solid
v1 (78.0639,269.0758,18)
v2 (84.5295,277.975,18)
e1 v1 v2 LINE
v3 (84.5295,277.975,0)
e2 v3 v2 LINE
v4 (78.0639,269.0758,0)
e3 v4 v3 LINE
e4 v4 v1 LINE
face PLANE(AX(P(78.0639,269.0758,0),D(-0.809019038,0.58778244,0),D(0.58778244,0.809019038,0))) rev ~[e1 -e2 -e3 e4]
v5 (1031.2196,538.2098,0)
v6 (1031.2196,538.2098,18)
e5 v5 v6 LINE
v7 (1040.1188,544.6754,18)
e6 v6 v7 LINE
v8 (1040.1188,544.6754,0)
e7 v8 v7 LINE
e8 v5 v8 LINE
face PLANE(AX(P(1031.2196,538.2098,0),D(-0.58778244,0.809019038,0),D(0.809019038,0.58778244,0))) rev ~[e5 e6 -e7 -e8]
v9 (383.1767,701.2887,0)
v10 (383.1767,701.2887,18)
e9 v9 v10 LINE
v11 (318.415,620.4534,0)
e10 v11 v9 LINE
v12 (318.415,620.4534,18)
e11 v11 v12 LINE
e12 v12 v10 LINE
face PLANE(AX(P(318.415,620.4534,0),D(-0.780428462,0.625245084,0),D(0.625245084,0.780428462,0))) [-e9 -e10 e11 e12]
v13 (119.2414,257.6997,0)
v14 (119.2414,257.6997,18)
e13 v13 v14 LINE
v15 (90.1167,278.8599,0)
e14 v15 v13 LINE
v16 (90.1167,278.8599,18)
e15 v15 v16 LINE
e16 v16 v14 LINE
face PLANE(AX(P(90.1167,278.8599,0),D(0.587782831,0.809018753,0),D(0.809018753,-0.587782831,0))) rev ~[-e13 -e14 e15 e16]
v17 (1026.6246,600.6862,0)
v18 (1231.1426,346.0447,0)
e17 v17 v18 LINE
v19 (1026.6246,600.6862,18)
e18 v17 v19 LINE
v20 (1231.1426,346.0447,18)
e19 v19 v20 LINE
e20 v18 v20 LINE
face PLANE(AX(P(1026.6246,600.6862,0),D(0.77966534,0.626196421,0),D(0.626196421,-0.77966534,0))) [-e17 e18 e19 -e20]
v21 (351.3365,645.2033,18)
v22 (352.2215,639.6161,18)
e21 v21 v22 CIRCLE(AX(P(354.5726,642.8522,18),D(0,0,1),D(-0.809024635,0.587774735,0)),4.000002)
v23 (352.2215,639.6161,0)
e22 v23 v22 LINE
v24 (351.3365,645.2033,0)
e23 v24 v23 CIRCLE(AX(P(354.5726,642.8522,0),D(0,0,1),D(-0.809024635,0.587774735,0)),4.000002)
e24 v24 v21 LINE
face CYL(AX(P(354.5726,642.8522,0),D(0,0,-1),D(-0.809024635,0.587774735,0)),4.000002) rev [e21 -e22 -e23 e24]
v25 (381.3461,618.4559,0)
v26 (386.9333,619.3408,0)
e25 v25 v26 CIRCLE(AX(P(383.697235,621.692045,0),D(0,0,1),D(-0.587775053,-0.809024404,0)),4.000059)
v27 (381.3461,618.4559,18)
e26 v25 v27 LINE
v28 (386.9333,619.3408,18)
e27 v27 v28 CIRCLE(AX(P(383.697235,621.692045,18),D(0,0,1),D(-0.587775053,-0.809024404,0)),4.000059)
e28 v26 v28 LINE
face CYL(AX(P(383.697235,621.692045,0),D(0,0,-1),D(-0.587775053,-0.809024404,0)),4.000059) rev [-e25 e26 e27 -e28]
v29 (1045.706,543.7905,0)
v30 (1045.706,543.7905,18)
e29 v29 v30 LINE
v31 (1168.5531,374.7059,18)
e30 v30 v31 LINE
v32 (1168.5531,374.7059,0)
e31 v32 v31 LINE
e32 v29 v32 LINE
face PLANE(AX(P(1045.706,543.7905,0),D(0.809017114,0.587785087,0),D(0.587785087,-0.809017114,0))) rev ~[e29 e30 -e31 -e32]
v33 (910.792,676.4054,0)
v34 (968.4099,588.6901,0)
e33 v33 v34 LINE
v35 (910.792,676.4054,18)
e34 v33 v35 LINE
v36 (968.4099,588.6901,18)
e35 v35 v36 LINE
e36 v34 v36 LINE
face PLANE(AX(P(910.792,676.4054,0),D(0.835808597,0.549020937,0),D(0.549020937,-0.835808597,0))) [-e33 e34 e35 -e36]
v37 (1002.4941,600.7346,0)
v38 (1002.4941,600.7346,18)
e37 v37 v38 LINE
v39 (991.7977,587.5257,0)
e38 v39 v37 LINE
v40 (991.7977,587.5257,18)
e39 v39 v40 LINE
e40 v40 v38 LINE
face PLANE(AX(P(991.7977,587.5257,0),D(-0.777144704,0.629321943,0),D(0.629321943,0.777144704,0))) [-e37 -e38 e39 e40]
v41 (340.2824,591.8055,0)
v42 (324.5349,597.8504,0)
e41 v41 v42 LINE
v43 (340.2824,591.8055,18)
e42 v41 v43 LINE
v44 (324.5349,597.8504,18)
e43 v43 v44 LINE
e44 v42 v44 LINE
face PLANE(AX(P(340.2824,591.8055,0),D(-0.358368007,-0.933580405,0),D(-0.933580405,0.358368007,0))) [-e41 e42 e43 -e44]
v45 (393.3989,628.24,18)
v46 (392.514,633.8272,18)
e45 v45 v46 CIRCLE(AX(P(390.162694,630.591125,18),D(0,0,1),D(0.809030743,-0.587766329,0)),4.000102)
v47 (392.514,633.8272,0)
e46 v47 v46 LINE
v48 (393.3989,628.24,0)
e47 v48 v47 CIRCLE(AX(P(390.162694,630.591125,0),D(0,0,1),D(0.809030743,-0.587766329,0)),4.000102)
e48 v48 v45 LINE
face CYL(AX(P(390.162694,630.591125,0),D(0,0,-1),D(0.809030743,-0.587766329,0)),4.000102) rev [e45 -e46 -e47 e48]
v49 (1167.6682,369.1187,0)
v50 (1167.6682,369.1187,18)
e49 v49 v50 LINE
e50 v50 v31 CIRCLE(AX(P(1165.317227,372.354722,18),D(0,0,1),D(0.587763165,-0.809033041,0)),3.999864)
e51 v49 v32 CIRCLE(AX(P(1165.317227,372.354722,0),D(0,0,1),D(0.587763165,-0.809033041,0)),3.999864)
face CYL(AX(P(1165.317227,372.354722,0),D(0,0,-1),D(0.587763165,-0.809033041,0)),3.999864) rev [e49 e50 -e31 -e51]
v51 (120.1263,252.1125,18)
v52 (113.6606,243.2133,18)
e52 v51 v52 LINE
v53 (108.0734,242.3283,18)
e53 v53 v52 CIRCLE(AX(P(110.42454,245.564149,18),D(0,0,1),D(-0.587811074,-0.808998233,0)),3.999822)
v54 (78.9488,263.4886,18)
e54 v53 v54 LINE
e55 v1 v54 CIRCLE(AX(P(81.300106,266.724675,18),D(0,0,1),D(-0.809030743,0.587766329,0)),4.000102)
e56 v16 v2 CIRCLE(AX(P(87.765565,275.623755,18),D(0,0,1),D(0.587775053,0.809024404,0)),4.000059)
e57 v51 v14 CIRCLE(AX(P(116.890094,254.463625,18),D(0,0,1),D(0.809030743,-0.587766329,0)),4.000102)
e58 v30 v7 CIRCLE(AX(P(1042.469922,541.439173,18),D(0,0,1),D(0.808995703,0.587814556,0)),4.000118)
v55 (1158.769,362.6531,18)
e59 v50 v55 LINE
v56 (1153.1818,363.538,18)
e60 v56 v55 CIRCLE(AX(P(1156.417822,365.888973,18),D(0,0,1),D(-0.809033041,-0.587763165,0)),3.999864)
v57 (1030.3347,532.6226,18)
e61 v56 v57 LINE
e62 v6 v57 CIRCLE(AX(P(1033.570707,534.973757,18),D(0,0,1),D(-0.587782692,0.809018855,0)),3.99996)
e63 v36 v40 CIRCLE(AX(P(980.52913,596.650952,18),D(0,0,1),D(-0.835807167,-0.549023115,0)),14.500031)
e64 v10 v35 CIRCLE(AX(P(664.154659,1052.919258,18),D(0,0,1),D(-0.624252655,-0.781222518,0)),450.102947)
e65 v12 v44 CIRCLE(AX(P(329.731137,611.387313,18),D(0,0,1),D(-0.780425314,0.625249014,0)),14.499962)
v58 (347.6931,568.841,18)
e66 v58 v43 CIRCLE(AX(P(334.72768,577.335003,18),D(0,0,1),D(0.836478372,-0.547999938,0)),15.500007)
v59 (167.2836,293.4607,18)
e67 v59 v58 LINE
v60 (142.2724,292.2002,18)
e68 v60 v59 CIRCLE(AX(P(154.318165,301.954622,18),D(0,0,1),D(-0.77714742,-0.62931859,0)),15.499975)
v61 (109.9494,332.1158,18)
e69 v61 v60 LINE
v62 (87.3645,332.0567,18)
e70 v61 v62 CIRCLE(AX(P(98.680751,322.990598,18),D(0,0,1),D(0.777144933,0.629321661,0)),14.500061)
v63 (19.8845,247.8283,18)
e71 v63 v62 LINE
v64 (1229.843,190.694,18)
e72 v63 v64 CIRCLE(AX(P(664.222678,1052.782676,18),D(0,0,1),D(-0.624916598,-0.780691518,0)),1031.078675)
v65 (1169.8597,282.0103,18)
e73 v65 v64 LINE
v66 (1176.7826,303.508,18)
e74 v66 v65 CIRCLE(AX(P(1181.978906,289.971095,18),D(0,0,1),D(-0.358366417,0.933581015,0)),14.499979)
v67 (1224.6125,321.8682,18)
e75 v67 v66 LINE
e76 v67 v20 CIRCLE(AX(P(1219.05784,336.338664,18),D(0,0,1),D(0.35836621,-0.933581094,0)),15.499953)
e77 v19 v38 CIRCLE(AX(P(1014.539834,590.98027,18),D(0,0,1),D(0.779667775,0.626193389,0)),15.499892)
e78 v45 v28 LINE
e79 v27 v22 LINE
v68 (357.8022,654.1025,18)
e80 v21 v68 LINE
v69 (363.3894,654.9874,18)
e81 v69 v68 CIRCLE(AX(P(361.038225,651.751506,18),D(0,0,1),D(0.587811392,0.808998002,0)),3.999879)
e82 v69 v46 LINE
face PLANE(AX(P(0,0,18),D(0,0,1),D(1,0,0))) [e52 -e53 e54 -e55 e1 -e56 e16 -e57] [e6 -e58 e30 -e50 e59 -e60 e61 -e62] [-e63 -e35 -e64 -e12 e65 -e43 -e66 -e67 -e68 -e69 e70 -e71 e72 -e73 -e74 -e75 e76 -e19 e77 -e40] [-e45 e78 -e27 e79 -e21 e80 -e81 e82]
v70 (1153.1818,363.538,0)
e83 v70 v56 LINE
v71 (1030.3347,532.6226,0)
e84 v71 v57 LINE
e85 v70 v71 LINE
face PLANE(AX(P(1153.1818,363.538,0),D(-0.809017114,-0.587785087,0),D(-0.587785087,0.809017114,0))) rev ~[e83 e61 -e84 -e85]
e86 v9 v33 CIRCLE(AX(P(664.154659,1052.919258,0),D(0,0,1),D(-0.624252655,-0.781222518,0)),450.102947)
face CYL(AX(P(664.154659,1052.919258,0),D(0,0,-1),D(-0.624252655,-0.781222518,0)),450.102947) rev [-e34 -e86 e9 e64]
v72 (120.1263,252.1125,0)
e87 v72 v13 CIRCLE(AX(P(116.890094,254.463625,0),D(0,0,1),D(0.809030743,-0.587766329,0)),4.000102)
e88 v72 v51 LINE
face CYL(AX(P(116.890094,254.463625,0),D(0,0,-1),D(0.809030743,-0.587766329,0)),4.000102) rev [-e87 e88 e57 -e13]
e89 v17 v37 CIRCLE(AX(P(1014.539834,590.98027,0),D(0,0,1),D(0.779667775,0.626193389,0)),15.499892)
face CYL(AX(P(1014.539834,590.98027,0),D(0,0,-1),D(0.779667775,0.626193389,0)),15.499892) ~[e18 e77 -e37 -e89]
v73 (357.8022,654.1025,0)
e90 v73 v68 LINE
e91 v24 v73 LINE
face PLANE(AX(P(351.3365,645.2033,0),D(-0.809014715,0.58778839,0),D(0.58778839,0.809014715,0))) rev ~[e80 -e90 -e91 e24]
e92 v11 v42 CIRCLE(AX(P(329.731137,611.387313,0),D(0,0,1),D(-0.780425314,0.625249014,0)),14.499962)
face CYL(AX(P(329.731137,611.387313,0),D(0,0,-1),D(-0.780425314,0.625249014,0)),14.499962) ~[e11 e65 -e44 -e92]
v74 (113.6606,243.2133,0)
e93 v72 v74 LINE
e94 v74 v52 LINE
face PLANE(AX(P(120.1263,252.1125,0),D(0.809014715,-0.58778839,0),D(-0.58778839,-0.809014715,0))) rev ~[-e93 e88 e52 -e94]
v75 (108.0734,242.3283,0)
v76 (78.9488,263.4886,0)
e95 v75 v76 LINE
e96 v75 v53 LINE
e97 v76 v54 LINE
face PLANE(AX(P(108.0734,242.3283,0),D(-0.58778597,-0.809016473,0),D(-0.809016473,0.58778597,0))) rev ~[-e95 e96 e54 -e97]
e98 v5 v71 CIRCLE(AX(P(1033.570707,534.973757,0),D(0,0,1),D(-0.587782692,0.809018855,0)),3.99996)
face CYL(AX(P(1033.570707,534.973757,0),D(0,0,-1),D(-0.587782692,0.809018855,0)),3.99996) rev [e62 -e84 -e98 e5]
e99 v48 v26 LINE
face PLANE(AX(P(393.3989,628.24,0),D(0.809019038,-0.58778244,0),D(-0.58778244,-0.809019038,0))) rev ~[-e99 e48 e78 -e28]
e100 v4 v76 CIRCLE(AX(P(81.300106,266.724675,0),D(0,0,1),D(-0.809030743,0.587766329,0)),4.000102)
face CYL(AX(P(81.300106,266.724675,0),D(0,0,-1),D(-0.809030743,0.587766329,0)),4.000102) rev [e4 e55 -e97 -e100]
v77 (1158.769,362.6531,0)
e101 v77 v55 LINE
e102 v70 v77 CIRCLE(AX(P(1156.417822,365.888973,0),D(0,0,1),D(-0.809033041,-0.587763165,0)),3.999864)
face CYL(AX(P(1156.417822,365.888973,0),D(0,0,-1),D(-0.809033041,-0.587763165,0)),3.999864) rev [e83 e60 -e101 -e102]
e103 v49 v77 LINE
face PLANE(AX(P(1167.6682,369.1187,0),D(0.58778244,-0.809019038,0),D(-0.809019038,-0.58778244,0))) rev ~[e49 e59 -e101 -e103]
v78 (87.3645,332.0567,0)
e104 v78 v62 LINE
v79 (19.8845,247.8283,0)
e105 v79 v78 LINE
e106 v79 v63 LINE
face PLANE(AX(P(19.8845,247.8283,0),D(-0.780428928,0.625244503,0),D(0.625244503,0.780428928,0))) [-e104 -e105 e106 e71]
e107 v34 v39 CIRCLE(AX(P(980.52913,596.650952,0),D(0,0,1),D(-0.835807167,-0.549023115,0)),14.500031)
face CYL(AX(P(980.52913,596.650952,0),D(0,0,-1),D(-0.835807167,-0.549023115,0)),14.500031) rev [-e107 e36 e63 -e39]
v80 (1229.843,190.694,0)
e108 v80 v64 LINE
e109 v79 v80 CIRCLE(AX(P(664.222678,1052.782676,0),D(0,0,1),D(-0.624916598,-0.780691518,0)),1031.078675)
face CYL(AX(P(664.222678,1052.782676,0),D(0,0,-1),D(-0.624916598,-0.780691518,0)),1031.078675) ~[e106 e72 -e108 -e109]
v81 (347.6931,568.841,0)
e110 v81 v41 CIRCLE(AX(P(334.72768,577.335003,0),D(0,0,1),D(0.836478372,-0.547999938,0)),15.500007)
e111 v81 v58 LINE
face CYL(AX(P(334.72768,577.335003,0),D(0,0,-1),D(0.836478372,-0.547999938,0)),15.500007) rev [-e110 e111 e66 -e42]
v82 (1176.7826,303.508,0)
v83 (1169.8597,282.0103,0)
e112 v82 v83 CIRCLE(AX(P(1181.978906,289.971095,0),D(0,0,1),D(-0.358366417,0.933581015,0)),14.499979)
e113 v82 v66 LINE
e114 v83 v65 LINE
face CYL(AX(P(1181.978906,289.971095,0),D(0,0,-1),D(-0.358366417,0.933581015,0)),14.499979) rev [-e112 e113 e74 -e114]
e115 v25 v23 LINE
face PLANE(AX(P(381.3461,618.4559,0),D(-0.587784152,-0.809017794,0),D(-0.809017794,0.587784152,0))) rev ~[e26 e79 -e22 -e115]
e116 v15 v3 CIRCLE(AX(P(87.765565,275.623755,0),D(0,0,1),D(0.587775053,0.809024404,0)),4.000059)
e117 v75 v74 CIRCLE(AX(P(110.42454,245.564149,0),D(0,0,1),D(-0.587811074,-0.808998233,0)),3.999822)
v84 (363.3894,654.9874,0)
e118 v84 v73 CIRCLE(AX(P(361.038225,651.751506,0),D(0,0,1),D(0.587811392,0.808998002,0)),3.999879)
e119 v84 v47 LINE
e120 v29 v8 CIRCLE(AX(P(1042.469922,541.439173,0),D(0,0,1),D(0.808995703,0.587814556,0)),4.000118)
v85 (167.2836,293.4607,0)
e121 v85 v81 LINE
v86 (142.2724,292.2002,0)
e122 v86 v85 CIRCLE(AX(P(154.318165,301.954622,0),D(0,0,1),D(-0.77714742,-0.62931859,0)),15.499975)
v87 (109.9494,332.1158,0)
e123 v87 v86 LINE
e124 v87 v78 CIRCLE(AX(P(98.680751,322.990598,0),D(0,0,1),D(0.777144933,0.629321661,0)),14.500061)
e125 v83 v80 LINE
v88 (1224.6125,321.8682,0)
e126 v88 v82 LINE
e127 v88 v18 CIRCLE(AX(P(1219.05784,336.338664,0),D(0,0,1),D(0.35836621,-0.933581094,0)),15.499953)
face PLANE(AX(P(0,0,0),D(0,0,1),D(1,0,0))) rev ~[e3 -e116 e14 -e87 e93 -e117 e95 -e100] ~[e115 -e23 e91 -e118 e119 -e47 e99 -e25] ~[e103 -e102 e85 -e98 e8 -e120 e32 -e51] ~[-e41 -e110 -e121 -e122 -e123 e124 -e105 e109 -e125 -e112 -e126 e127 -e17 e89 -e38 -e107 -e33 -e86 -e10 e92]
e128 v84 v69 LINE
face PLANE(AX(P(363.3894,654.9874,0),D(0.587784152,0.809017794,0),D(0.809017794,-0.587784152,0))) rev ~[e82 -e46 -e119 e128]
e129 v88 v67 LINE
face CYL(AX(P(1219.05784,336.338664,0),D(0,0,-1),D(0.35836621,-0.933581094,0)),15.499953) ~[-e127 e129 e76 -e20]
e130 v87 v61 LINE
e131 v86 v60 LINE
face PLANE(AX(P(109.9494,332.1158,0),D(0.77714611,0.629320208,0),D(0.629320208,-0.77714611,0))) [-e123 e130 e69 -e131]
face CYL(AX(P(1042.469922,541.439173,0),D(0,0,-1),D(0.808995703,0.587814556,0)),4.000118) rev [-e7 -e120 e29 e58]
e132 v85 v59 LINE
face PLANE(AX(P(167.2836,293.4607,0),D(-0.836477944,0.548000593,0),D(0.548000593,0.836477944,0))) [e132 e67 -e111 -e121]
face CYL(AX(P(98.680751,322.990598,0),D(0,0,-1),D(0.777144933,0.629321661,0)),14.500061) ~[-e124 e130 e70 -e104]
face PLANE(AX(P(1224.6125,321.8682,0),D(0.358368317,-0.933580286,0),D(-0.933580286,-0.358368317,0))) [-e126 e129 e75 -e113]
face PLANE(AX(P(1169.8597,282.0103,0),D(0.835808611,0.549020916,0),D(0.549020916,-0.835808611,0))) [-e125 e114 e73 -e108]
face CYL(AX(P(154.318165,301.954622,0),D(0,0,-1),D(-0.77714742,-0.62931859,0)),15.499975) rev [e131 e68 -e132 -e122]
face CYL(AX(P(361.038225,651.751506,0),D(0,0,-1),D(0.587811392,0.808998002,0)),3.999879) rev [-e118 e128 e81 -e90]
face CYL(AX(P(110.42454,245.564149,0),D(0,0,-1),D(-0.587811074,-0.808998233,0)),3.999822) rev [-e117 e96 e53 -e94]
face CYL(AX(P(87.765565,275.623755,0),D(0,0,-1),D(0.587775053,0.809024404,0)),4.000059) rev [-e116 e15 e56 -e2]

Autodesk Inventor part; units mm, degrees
ref_plane "YZ Plane" through (0, 0, 0) normal (1, 0, 0) x (0, 1, 0)
ref_plane "XZ Plane" through (0, 0, 0) normal (0, 1, 0) x (-1, 0, 0)
ref_plane "XY Plane" through (0, 0, 0) normal (0, 0, 1) x (1, 0, 0)
sketch "CONTOURS" plane through (0, 0, 0) normal (0, 0, 1) x (1, 0, 0)
  arc A0 (968.4099, 588.6901) -> (991.7977, 587.5257) centre (980.5291, 596.6509) ccw
  line L0 (991.7977, 587.5257) -> (1002.4941, 600.7346)
  arc A1 (1026.6246, 600.6862) -> (1002.4941, 600.7346) centre (1014.5398, 590.9802) ccw
  line L1 (1026.6246, 600.6862) -> (1231.1426, 346.0447)
  arc A2 (1224.6125, 321.8682) -> (1231.1426, 346.0447) centre (1219.0578, 336.3387) ccw
  line L2 (1224.6125, 321.8682) -> (1176.7826, 303.508)
  arc A3 (1176.7826, 303.508) -> (1169.8597, 282.0103) centre (1181.9789, 289.9711) ccw
  line L3 (1169.8597, 282.0103) -> (1229.843, 190.694)
  arc A4 (19.8845, 247.8283) -> (1229.843, 190.694) centre (664.2228, 1052.783) ccw
  line L4 (19.8845, 247.8283) -> (87.3645, 332.0567)
  arc A5 (109.9494, 332.1158) -> (87.3645, 332.0567) centre (98.6808, 322.9907) ccw
  line L5 (109.9494, 332.1158) -> (142.2724, 292.2002)
  arc A6 (142.2724, 292.2002) -> (167.2836, 293.4607) centre (154.3182, 301.9547) ccw
  line L6 (167.2836, 293.4607) -> (347.6931, 568.841)
  arc A7 (347.6931, 568.841) -> (340.2824, 591.8055) centre (334.7277, 577.335) ccw
  line L7 (340.2824, 591.8055) -> (324.5349, 597.8504)
  arc A8 (318.415, 620.4534) -> (324.5349, 597.8504) centre (329.7312, 611.3873) ccw
  line L8 (318.415, 620.4534) -> (383.1767, 701.2887)
  arc A9 (383.1767, 701.2887) -> (910.792, 676.4054) centre (664.1546, 1052.9191) ccw
  line L9 (910.792, 676.4054) -> (968.4099, 588.6901)
sketch "HOLES" plane through (0, 0, 0) normal (0, 0, 1) x (1, 0, 0)
  arc A0 (351.3365, 645.2033) -> (352.2215, 639.6161) centre (354.5726, 642.8522) ccw
  line L0 (120.1263, 252.1125) -> (113.6606, 243.2133)
  arc A1 (108.0734, 242.3283) -> (113.6606, 243.2133) centre (110.4246, 245.5644) ccw
  line L1 (108.0734, 242.3283) -> (78.9488, 263.4886)
  arc A2 (78.0639, 269.0758) -> (78.9488, 263.4886) centre (81.3, 266.7247) ccw
  line L2 (78.0639, 269.0758) -> (84.5295, 277.975)
  arc A3 (90.1167, 278.8599) -> (84.5295, 277.975) centre (87.7656, 275.6239) ccw
  line L3 (90.1167, 278.8599) -> (119.2414, 257.6997)
  arc A4 (120.1263, 252.1125) -> (119.2414, 257.6997) centre (116.8902, 254.4636) ccw
  line L4 (381.3461, 618.4559) -> (352.2215, 639.6161)
  line L5 (351.3365, 645.2033) -> (357.8022, 654.1025)
  arc A5 (363.3894, 654.9874) -> (357.8022, 654.1025) centre (361.0382, 651.7514) ccw
  line L6 (363.3894, 654.9874) -> (392.514, 633.8272)
  arc A6 (393.3989, 628.24) -> (392.514, 633.8272) centre (390.1628, 630.5911) ccw
  line L7 (393.3989, 628.24) -> (386.9333, 619.3408)
  arc A7 (381.3461, 618.4559) -> (386.9333, 619.3408) centre (383.6972, 621.6919) ccw
  line L8 (1031.2196, 538.2098) -> (1040.1188, 544.6754)
  arc A8 (1045.706, 543.7905) -> (1040.1188, 544.6754) centre (1042.47, 541.4393) ccw
  line L9 (1045.706, 543.7905) -> (1168.5531, 374.7059)
  arc A9 (1167.6682, 369.1187) -> (1168.5531, 374.7059) centre (1165.3171, 372.3548) ccw
  line L10 (1167.6682, 369.1187) -> (1158.769, 362.6531)
  arc A10 (1153.1818, 363.538) -> (1158.769, 362.6531) centre (1156.4179, 365.8891) ccw
  line L11 (1153.1818, 363.538) -> (1030.3347, 532.6226)
  arc A11 (1031.2196, 538.2098) -> (1030.3347, 532.6226) centre (1033.5708, 534.9737) ccw
sketch "LETTERS" plane through (0, 0, 0) normal (0, 0, 1) x (1, 0, 0)
  line L0 (330.7596, 399.6732) -> (317.8052, 406.5947)
  line L1 (317.8052, 406.5947) -> (313.241, 398.0522)
  line L2 (313.241, 398.0522) -> (308.4708, 389.1241)
  line L3 (313.2079, 398.0531) -> (322.6164, 393.0261)
extrude "Extrusion1" add sketch "CONTOURS" along normal blind 18
extrude "Extrusion2" cut sketch "HOLES" along normal blind 18
properties part number "Platform F1" material "Wood (Birch)"
